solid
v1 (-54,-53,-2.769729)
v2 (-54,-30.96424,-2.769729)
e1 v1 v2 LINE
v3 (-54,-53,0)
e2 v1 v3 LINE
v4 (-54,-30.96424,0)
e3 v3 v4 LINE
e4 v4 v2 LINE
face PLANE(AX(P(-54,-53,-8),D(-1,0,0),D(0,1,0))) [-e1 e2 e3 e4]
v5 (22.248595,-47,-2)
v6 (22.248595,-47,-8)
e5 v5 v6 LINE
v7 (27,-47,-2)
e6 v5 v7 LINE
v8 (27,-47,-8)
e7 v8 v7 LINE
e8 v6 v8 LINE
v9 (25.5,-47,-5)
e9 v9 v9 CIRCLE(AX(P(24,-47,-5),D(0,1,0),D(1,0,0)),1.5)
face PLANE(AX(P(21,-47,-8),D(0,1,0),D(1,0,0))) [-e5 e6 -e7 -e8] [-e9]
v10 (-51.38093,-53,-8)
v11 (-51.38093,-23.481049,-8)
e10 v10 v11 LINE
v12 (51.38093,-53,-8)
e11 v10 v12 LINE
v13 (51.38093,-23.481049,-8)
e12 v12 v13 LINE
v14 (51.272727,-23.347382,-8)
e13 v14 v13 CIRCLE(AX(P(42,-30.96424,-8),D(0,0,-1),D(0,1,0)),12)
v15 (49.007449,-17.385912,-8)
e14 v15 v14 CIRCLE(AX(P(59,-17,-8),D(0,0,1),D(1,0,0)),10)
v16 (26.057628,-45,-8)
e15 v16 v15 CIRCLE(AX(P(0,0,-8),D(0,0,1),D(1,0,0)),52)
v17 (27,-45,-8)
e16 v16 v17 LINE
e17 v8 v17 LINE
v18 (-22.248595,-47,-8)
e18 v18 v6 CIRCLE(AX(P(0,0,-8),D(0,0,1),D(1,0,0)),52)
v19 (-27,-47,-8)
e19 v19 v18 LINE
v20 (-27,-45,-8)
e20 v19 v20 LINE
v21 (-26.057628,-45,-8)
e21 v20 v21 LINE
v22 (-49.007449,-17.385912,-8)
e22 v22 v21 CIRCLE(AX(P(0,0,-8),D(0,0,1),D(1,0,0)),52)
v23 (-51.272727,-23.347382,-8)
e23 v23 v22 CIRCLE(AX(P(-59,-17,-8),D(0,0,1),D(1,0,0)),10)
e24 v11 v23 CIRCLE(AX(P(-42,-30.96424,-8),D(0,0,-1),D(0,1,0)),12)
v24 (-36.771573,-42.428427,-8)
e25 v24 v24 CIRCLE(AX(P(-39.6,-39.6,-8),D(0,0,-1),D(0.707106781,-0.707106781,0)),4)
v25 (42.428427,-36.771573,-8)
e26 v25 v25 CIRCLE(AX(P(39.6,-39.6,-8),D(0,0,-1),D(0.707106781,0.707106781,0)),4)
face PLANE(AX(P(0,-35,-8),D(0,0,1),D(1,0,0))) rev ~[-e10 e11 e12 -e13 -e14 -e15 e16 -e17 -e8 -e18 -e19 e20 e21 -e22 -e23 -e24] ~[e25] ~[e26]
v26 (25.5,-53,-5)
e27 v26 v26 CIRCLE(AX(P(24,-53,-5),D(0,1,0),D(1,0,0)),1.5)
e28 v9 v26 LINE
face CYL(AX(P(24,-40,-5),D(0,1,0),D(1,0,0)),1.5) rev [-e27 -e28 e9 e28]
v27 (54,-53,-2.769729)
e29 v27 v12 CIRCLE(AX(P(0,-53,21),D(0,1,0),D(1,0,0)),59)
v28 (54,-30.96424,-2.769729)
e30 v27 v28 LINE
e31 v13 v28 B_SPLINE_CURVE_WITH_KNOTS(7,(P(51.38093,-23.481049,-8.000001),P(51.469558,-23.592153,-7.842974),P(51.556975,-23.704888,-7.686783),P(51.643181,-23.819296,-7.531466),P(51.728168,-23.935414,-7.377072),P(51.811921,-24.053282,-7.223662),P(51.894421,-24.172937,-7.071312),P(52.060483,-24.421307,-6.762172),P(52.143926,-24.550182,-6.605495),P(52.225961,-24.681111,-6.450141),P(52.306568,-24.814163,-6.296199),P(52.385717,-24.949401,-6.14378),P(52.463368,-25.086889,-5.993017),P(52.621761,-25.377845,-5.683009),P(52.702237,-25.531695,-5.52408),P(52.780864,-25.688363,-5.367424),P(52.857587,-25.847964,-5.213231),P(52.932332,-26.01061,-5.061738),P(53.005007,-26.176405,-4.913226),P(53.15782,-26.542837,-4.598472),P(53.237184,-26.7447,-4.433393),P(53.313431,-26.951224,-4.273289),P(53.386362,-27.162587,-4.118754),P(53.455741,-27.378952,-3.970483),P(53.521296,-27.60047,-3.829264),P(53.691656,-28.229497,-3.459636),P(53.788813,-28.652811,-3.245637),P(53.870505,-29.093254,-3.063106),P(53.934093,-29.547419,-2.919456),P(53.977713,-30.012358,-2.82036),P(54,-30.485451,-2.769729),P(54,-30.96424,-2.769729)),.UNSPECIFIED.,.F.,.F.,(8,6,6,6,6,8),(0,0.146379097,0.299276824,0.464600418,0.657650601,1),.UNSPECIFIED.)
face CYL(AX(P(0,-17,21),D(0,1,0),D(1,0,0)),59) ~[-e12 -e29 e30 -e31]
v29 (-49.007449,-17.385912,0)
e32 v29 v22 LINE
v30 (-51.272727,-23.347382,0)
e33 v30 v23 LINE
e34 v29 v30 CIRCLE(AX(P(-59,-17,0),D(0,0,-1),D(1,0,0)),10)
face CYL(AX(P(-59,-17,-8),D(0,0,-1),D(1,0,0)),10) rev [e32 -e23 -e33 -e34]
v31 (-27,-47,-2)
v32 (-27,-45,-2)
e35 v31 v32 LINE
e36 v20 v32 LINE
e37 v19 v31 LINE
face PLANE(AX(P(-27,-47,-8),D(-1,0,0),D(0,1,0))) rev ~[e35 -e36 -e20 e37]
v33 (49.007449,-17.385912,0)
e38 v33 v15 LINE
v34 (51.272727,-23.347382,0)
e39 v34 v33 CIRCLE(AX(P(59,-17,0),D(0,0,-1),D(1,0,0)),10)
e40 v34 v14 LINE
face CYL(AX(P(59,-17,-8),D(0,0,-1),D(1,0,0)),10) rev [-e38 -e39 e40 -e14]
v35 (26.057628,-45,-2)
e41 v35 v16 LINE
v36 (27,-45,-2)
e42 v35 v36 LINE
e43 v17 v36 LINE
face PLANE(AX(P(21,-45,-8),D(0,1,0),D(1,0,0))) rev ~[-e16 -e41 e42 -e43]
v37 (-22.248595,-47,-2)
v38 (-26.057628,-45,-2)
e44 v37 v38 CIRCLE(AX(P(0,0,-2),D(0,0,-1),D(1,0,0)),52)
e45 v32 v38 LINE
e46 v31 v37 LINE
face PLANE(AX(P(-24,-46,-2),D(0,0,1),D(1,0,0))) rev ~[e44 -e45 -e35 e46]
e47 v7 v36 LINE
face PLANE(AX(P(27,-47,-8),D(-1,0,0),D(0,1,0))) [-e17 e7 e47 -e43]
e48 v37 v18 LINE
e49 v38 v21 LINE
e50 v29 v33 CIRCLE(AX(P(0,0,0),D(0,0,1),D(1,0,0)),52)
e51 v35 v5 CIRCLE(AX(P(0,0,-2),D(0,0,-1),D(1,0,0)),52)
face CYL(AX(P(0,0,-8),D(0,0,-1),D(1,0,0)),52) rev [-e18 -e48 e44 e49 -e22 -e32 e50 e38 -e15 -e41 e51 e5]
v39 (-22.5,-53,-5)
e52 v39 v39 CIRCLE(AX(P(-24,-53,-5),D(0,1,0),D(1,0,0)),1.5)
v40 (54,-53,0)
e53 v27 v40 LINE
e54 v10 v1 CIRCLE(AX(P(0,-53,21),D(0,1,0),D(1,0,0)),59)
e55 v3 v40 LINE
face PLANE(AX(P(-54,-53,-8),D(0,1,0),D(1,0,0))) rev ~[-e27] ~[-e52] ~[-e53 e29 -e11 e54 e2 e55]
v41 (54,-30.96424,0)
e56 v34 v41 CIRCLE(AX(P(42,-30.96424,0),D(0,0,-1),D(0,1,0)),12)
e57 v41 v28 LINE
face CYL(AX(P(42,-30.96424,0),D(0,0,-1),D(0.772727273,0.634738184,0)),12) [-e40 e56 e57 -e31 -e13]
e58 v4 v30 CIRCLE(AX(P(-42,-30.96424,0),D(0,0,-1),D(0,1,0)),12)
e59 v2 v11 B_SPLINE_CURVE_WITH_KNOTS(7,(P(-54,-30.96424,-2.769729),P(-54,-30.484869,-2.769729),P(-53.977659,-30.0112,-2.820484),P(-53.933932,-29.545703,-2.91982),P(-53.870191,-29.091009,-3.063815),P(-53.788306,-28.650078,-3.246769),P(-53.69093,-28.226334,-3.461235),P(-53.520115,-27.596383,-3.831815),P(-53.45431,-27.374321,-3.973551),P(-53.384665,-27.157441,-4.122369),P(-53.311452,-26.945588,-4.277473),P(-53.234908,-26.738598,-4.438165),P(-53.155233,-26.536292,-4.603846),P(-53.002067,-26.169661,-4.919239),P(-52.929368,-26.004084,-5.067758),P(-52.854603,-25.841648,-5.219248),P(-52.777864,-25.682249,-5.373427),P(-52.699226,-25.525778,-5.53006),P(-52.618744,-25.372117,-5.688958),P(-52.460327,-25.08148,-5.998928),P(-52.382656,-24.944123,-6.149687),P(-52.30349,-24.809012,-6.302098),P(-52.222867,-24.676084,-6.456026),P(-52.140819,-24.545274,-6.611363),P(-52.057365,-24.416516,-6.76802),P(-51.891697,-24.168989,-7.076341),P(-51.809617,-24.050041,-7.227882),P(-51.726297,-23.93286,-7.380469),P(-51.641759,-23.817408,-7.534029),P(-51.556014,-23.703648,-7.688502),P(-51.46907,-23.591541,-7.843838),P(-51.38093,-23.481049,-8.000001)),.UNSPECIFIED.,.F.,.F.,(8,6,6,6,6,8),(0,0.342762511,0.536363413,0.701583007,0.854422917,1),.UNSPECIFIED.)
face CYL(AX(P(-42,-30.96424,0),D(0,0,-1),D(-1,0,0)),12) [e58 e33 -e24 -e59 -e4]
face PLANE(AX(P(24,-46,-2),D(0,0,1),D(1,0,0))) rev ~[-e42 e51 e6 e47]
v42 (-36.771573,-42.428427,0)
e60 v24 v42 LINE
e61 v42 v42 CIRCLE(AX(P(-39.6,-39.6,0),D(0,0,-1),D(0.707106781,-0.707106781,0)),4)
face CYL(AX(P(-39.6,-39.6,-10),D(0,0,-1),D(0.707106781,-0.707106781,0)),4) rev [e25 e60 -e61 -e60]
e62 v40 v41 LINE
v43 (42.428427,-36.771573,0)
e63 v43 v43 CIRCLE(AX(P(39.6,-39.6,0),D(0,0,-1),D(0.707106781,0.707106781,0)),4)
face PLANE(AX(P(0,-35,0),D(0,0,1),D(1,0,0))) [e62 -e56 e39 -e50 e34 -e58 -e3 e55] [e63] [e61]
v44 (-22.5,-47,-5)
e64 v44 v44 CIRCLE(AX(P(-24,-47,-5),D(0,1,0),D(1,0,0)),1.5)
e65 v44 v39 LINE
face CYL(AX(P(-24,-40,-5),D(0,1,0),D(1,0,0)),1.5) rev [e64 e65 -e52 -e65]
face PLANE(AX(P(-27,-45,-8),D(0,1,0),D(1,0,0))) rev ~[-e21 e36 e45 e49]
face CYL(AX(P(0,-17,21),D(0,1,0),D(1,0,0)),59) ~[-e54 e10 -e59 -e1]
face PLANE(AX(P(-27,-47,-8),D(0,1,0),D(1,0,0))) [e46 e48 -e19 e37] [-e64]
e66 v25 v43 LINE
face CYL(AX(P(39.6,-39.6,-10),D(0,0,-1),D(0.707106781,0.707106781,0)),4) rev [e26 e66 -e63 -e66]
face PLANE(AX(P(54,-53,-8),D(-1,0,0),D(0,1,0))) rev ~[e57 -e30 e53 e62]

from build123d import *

# Parameters (mm, degrees)
CYLINDER1328_R               = 59
CYLINDER1328_DEPTH           = 40
CYLINDER1046_R               = 1.5
CYLINDER1046_DEPTH           = 20
CYLINDER1047_R               = 1.5
CYLINDER1047_DEPTH           = 20
CYLINDER1044_R               = 1.5
CYLINDER1044_DEPTH           = 20
CYLINDER1048_R               = 1.5
CYLINDER1048_DEPTH           = 20
BOX435_W                     = 6
BOX435_H                     = 2
BOX435_DEPTH                 = 6
BOX436_W                     = 6
BOX436_H                     = 2
BOX436_DEPTH                 = 6
BOX434_W                     = 6
BOX434_H                     = 2
BOX434_DEPTH                 = 6
BOX437_W                     = 6
BOX437_H                     = 2
BOX437_DEPTH                 = 6
CYLINDER1045_R               = 4
CYLINDER1045_DEPTH           = 20
CYLINDER1045_PLACEMENT_ANGLE = 45
CYLINDER1040_R               = 4
CYLINDER1040_DEPTH           = 20
CYLINDER1040_PLACEMENT_ANGLE = 45
CYLINDER1043_R               = 10
CYLINDER1043_DEPTH           = 40
CYLINDER1041_R               = 10
CYLINDER1041_DEPTH           = 40
CYLINDER1042_R               = 52
CYLINDER1042_DEPTH           = 8
BOX438_W                     = 108
BOX438_H                     = 36
BOX438_DEPTH                 = 8
FILLET016_R                  = 12


with BuildPart() as v_lec1328:
    # Cylinder1328 → Cylinder1328 (new body)
    with BuildSketch(Plane(origin=(0, -17, 21), x_dir=(1, 0, 0), z_dir=(0, -1, 0))):
        Circle(CYLINDER1328_R)
    extrude(amount=CYLINDER1328_DEPTH)


with BuildPart() as v_lec1046:
    # Cylinder1046 → Cylinder1046 (new body)
    with BuildSketch(Plane(origin=(24, -40, -5), x_dir=(1, 0, 0), z_dir=(0, -1, 0))):
        Circle(CYLINDER1046_R)
    extrude(amount=CYLINDER1046_DEPTH)


with BuildPart() as v_lec1047:
    # Cylinder1047 → Cylinder1047 (new body)
    with BuildSketch(Plane(origin=(51, -40, 7), x_dir=(1, 0, 0), z_dir=(0, -1, 0))):
        Circle(CYLINDER1047_R)
    extrude(amount=CYLINDER1047_DEPTH)


with BuildPart() as v_lec1044:
    # Cylinder1044 → Cylinder1044 (new body)
    with BuildSketch(Plane(origin=(-51, -40, 7), x_dir=(1, 0, 0), z_dir=(0, -1, 0))):
        Circle(CYLINDER1044_R)
    extrude(amount=CYLINDER1044_DEPTH)


with BuildPart() as compound827:
    # Cylinder1048 → Cylinder1048 (new body)
    with BuildSketch(Plane(origin=(-24, -40, -5), x_dir=(1, 0, 0), z_dir=(0, -1, 0))):
        Circle(CYLINDER1048_R)
    extrude(amount=CYLINDER1048_DEPTH)

    # Compound827: union Válec1046, Válec1047, Válec1044
    add(v_lec1046.part)
    add(v_lec1047.part)
    add(v_lec1044.part)


with BuildPart() as krychle435:
    # Box435 → Box435 (new body)
    with BuildSketch(Plane(origin=(21, -47, -8), x_dir=(1, 0, 0), z_dir=(0, 0, 1))):
        with Locations((3, 1)):
            Rectangle(BOX435_W, BOX435_H)
    extrude(amount=BOX435_DEPTH)


with BuildPart() as krychle436:
    # Box436 → Box436 (new body)
    with BuildSketch(Plane(origin=(48, -45, 4), x_dir=(1, 0, 0), z_dir=(0, 0, 1))):
        with Locations((3, 1)):
            Rectangle(BOX436_W, BOX436_H)
    extrude(amount=BOX436_DEPTH)


with BuildPart() as krychle434:
    # Box434 → Box434 (new body)
    with BuildSketch(Plane(origin=(-54, -45, 4), x_dir=(1, 0, 0), z_dir=(0, 0, 1))):
        with Locations((3, 1)):
            Rectangle(BOX434_W, BOX434_H)
    extrude(amount=BOX434_DEPTH)


with BuildPart() as compound826:
    # Box437 → Box437 (new body)
    with BuildSketch(Plane(origin=(-27, -47, -8), x_dir=(1, 0, 0), z_dir=(0, 0, 1))):
        with Locations((3, 1)):
            Rectangle(BOX437_W, BOX437_H)
    extrude(amount=BOX437_DEPTH)

    # Compound826: union Krychle435, Krychle436, Krychle434
    add(krychle435.part)
    add(krychle436.part)
    add(krychle434.part)


with BuildPart() as v_lec1045:
    # Cylinder1045 → Cylinder1045 (new body)
    with BuildSketch(Plane.XY):
        Circle(CYLINDER1045_R)
    extrude(amount=CYLINDER1045_DEPTH)


with BuildPart() as v_lec1045_1:
    # Cylinder1045 placement: moved
    add(v_lec1045.part.moved(Location((39.6, -39.6, -10))).rotate(Axis((39.6, -39.6, -10), (0, 0, 1)), CYLINDER1045_PLACEMENT_ANGLE))


with BuildPart() as compound829:
    # Cylinder1040 → Cylinder1040 (new body)
    with BuildSketch(Plane.XY):
        Circle(CYLINDER1040_R)
    extrude(amount=CYLINDER1040_DEPTH)


with BuildPart() as compound829_1:
    # Cylinder1040 placement: moved
    add(compound829.part.moved(Location((-39.6, -39.6, -10))).rotate(Axis((-39.6, -39.6, -10), (0, 0, -1)), CYLINDER1040_PLACEMENT_ANGLE))

    # Compound829: union Válec1045
    add(v_lec1045_1.part)


with BuildPart() as v_lec1043:
    # Cylinder1043 → Cylinder1043 (new body)
    with BuildSketch(Plane(origin=(-59, -17, 0), x_dir=(1, 0, 0), z_dir=(0, 0, 1))):
        Circle(CYLINDER1043_R)
    extrude(amount=CYLINDER1043_DEPTH)


with BuildPart() as compound828:
    # Cylinder1041 → Cylinder1041 (new body)
    with BuildSketch(Plane(origin=(59, -17, 0), x_dir=(1, 0, 0), z_dir=(0, 0, 1))):
        Circle(CYLINDER1041_R)
    extrude(amount=CYLINDER1041_DEPTH)

    # Compound828: union Válec1043
    add(v_lec1043.part)


with BuildPart() as v_lec1042:
    # Cylinder1042 → Cylinder1042 (new body)
    with BuildSketch(Plane.XY.offset(20)):
        Circle(CYLINDER1042_R)
    extrude(amount=CYLINDER1042_DEPTH)


with BuildPart() as common003:
    # Box438 → Box438 (new body)
    with BuildSketch(Plane(origin=(-54, -53, 20), x_dir=(1, 0, 0), z_dir=(0, 0, 1))):
        with Locations((54, 18)):
            Rectangle(BOX438_W, BOX438_H)
    extrude(amount=BOX438_DEPTH)

    # Cut435: cut Válec1042
    add(v_lec1042.part, mode=Mode.SUBTRACT)


with BuildPart() as common003_1:
    # Cut435 placement: moved
    add(common003.part.moved(Location((0, 0, -20))))

    # Cut438: cut Compound828
    add(compound828.part, mode=Mode.SUBTRACT)


with BuildPart() as common003_2:
    # Cut438 placement: moved
    add(common003_1.part.moved(Location((0, 0, -8))))

    # Cut436: cut Compound829
    add(compound829_1.part, mode=Mode.SUBTRACT)

    # Cut437: cut Compound826
    add(compound826.part, mode=Mode.SUBTRACT)

    # Cut434: cut Compound827
    add(compound827.part, mode=Mode.SUBTRACT)

    # Fillet016
    fillet016_edges = [common003_2.edges().sort_by_distance(p)[0] for p in [
        (-54, -25.660254, -4),
        (54, -25.660254, -4),
    ]]
    fillet(fillet016_edges, radius=FILLET016_R)

    # Common003: intersect Válec1328
    add(v_lec1328.part, mode=Mode.INTERSECT)


solid = common003_2.part
